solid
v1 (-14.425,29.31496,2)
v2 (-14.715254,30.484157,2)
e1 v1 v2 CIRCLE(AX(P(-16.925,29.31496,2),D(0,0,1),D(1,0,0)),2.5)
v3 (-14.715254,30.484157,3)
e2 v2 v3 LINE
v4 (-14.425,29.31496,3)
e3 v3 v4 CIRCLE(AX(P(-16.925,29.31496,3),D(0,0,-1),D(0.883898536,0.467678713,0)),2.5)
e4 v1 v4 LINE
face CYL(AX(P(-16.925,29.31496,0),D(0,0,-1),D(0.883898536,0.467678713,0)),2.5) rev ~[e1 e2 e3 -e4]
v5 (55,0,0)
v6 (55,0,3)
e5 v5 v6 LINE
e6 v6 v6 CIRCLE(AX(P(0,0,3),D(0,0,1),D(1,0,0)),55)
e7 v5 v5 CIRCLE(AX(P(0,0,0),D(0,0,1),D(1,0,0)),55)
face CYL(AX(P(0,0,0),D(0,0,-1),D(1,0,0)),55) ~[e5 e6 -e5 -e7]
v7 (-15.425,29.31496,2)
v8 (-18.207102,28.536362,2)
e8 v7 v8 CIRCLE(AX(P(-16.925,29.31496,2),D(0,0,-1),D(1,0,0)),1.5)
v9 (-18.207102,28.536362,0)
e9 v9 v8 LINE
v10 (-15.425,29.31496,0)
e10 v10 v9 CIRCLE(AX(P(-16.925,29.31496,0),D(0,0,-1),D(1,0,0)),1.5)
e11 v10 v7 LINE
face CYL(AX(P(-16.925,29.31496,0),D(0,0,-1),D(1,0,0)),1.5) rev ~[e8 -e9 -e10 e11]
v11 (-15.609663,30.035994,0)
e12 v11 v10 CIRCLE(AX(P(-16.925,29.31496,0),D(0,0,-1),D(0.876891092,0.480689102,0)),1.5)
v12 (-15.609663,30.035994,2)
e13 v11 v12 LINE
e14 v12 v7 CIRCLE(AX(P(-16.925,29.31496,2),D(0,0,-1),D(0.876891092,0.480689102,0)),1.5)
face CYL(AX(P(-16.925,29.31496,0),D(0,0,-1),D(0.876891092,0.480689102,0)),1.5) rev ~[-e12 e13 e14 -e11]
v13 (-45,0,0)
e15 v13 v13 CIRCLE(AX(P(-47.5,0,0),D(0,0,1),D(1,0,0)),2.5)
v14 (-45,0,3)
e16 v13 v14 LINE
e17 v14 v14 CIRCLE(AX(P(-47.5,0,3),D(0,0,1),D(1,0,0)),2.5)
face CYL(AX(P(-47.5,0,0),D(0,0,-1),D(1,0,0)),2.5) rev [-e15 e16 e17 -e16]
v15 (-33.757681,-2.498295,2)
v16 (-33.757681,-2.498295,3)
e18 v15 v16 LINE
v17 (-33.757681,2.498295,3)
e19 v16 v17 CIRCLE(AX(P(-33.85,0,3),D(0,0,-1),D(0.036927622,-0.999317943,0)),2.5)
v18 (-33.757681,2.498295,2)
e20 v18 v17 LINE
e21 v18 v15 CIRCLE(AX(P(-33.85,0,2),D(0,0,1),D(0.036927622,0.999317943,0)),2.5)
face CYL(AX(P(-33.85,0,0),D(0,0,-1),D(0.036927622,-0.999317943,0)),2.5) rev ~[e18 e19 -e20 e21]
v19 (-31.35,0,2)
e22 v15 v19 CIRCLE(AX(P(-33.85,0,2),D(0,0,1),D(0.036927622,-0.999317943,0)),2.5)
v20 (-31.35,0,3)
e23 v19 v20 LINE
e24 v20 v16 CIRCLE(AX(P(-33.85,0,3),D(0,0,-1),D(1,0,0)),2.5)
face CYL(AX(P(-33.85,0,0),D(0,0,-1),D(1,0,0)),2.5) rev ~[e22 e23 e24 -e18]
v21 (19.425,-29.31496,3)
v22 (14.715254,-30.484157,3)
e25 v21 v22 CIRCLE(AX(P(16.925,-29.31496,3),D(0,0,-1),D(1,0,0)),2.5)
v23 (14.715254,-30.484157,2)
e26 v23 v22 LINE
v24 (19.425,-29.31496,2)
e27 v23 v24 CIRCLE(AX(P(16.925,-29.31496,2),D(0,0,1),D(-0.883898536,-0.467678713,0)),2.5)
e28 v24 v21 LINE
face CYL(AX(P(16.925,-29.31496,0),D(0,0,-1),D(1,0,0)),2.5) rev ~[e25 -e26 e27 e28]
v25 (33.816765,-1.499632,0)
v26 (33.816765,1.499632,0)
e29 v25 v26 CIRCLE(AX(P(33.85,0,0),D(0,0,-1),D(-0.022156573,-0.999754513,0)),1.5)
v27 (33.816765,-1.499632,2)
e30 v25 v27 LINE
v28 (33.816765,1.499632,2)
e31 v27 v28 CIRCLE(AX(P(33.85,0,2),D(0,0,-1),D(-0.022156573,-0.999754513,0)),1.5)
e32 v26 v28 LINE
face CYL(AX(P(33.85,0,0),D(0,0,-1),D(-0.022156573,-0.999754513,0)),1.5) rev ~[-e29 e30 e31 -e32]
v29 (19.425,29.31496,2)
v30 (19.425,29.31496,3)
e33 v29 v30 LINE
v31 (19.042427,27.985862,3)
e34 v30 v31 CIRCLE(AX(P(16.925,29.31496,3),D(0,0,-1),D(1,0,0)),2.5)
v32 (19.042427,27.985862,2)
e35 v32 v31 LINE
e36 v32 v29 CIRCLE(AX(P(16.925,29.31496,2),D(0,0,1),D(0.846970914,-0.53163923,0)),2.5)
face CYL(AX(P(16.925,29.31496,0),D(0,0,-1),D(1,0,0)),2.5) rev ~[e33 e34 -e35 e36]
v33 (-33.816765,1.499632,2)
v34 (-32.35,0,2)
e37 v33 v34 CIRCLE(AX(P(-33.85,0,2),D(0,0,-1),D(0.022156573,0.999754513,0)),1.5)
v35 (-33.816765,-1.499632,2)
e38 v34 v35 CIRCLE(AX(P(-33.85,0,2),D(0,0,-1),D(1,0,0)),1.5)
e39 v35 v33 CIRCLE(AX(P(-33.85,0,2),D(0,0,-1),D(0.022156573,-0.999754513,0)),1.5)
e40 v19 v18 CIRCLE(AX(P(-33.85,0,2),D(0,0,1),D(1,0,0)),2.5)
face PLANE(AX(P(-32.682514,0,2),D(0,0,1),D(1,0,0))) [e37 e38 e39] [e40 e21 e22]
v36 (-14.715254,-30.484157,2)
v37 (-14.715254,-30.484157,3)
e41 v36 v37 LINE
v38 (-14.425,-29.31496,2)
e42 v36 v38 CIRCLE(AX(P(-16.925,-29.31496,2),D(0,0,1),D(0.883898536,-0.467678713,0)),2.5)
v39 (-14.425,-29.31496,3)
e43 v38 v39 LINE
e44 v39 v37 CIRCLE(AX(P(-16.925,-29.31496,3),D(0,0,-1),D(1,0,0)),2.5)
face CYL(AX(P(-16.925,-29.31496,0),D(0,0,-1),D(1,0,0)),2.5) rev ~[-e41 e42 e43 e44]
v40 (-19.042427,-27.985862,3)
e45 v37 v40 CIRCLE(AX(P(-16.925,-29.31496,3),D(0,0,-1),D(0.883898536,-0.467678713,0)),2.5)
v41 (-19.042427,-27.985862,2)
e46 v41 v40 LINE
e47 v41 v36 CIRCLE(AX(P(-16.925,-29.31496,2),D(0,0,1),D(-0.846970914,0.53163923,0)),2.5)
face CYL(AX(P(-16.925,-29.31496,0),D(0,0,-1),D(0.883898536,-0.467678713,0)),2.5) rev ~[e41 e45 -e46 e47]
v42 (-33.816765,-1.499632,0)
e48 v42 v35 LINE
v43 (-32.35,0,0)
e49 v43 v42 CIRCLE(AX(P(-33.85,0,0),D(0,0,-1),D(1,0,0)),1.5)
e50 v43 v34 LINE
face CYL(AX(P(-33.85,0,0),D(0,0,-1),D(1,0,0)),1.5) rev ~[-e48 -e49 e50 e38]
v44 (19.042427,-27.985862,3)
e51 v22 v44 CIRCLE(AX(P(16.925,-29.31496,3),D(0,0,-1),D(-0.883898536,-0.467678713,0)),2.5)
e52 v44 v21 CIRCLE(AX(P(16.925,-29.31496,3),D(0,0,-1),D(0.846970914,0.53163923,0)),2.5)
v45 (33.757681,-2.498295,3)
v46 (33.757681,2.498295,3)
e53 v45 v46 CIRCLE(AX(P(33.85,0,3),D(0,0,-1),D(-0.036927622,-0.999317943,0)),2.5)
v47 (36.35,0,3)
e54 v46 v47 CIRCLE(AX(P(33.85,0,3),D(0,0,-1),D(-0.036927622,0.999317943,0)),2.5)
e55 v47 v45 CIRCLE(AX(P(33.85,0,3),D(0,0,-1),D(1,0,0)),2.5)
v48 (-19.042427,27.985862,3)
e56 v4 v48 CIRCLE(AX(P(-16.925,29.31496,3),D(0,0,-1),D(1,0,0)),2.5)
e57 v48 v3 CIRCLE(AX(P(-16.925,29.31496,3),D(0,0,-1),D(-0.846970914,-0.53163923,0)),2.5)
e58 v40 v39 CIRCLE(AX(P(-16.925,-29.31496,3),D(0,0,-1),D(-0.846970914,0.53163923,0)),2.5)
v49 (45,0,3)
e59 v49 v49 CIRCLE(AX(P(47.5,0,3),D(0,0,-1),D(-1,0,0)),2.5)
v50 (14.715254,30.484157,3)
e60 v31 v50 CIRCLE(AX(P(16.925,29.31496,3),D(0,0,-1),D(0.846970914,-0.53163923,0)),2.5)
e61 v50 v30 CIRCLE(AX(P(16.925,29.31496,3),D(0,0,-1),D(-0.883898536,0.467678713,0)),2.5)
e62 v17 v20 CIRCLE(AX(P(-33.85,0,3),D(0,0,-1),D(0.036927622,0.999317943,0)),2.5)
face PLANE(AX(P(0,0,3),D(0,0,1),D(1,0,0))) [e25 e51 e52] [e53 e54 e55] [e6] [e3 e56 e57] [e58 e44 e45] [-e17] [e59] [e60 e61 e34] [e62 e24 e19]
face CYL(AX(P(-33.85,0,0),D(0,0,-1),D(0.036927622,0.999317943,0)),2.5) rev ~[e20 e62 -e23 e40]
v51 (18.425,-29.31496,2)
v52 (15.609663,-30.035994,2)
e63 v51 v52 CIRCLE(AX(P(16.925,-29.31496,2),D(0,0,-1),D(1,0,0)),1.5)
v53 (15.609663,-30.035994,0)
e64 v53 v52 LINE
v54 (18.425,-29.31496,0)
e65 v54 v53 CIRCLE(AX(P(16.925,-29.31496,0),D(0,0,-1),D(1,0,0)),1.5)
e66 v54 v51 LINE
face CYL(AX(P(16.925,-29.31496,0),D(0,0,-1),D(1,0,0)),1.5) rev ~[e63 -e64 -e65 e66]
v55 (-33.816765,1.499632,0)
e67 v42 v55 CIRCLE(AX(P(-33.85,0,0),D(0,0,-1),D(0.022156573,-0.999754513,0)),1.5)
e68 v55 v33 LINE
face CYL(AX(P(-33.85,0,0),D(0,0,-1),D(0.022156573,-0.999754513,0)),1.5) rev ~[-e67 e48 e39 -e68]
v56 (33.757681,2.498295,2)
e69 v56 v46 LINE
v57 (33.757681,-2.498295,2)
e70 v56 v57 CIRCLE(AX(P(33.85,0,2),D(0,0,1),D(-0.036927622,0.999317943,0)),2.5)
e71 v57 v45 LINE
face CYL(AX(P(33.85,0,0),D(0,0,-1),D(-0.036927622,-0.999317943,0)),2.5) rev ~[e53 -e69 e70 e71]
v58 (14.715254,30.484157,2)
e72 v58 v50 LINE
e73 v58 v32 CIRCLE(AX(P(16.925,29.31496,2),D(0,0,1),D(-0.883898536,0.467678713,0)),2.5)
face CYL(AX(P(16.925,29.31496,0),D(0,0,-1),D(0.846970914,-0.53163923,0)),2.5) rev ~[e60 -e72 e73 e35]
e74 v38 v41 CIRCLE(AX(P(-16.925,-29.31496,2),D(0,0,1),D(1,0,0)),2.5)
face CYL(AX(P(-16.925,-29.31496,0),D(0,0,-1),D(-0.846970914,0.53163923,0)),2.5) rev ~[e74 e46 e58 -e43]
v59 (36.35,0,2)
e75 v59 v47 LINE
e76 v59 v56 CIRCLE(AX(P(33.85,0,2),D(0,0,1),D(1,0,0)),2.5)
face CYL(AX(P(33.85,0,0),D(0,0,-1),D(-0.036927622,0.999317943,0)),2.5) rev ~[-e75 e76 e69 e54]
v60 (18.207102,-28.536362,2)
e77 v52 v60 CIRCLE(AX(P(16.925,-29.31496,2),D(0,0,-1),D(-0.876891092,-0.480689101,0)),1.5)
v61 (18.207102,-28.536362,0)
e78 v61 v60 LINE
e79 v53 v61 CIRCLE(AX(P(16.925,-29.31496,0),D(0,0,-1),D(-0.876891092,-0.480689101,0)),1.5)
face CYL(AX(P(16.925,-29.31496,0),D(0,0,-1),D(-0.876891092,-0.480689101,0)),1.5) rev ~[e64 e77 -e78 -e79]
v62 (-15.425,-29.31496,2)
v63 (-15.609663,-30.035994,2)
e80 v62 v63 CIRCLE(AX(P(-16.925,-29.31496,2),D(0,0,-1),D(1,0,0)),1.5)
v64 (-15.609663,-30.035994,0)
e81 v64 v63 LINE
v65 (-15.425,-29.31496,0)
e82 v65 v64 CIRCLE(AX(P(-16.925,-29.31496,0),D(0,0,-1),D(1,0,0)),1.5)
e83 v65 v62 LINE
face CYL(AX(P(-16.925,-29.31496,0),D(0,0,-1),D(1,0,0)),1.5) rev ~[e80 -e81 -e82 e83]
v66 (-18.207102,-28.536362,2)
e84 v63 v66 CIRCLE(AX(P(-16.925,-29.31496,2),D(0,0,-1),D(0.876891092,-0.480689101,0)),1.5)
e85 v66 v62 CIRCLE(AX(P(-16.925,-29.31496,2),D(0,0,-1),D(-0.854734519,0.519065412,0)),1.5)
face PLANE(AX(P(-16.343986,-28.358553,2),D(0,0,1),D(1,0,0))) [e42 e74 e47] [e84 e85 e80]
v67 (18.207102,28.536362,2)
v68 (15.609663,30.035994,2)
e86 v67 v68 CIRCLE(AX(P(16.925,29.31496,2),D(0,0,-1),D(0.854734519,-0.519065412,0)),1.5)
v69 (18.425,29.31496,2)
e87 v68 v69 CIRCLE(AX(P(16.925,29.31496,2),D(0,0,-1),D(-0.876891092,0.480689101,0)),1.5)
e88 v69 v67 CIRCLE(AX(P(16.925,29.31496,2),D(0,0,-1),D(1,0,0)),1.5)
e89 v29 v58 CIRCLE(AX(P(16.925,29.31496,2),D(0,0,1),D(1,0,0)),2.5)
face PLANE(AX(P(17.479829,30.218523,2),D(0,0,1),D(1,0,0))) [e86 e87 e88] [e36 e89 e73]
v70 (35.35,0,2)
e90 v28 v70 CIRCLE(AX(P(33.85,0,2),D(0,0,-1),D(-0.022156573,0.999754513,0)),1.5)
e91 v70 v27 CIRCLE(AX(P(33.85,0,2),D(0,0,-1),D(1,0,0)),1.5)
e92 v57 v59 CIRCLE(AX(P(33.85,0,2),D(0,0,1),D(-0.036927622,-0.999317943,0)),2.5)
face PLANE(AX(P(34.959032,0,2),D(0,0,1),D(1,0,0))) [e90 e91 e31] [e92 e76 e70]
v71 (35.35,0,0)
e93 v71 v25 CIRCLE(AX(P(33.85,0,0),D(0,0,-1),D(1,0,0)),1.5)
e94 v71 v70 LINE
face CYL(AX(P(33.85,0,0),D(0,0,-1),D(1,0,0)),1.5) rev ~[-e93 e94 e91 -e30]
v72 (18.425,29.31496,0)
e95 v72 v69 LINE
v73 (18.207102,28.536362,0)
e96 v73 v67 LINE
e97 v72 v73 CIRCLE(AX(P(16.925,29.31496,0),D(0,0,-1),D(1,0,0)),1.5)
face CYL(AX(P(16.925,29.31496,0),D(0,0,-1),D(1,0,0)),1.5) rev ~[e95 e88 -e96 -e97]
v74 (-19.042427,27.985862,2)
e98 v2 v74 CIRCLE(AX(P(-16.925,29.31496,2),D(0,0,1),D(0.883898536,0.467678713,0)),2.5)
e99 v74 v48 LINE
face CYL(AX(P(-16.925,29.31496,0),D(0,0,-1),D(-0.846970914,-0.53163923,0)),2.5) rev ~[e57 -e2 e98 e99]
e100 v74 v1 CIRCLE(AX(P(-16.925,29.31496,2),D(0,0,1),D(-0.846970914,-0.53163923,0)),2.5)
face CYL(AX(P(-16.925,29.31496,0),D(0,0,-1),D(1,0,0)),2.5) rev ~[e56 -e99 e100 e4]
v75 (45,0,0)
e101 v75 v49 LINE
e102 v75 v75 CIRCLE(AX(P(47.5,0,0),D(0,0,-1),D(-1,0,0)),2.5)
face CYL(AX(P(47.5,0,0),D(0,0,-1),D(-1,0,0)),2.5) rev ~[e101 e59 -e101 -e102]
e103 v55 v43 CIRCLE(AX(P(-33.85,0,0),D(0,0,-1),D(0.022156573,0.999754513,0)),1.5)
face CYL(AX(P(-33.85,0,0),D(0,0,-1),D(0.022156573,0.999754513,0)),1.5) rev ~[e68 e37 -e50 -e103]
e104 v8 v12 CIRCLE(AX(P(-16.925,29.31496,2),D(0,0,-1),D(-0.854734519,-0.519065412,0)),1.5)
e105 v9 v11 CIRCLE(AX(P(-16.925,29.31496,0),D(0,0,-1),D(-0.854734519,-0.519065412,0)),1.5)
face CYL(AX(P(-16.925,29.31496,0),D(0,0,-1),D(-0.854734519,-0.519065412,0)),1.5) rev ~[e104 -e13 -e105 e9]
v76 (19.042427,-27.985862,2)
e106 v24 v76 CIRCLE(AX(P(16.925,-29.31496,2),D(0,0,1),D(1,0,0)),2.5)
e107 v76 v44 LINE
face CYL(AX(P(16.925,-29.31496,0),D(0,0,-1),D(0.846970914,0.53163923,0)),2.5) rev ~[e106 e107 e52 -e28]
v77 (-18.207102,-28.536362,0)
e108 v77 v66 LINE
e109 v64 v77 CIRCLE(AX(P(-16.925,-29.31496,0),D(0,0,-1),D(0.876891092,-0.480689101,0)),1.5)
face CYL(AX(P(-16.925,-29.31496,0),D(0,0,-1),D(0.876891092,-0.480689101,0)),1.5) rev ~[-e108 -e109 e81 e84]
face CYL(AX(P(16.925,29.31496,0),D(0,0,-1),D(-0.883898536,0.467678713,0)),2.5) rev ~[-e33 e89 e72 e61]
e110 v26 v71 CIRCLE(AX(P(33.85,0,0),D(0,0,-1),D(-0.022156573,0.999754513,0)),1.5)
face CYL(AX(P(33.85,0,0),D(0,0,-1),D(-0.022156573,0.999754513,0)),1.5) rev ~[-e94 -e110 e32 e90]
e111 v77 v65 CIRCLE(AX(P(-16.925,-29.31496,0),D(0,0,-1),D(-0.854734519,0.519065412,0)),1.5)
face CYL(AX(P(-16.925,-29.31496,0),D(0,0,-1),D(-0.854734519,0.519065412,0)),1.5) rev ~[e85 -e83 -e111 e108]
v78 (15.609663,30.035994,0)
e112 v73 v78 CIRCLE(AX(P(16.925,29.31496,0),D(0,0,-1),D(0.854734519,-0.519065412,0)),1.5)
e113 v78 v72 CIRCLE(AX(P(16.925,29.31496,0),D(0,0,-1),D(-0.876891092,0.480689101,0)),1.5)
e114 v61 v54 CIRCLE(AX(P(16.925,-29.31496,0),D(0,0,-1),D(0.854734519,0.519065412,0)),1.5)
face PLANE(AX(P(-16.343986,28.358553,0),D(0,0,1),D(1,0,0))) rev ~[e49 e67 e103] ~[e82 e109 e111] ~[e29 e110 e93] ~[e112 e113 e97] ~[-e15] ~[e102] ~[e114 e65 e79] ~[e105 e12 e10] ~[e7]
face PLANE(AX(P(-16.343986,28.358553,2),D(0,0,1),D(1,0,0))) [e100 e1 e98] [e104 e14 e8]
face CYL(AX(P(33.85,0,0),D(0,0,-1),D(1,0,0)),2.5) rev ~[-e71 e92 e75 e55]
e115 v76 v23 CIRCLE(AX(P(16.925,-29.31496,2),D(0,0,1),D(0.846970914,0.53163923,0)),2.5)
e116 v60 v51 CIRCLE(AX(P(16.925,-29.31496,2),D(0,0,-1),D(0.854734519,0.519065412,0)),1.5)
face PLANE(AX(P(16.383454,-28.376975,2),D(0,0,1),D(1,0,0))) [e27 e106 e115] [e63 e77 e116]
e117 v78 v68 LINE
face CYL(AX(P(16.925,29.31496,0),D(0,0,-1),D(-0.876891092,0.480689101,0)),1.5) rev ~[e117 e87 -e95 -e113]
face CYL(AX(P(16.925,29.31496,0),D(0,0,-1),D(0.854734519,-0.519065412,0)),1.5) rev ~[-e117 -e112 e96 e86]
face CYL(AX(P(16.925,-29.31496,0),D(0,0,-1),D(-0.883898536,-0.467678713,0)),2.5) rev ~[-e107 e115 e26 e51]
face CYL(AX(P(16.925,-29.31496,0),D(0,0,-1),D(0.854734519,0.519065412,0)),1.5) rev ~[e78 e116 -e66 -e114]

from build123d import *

# Parameters (mm, degrees)
F0_R     = 55
F0_R_2   = 2.5
F0_R_3   = 40
F1_DEPTH = 3
F2_DEPTH = 2


with BuildPart() as f1:
    # F0 (on Top) → F1 (new body)
    with BuildSketch(Plane.XY):
        Circle(F0_R)
        with Locations((-47.5, 0)):
            Circle(F0_R_2, mode=Mode.SUBTRACT)
        Circle(F0_R_3, mode=Mode.SUBTRACT)
        with BuildLine():
            ThreePointArc((50, 0), (47.5, -2.5), (45, 0))
            ThreePointArc((45, 0), (47.5, 2.5), (50, 0))
        make_face(mode=Mode.SUBTRACT)
        Circle(F0_R_3)
        with BuildLine():
            ThreePointArc((19.0424272849, 27.9858618431), (29.3149599181, 16.925), (33.7576809453, 2.4982948569))
            ThreePointArc((33.7576809453, 2.4982948569), (35.584820216, 1.8001107795), (36.35, 0))
            ThreePointArc((36.35, 0), (35.584820216, -1.8001107795), (33.7576809453, -2.4982948569))
            ThreePointArc((33.7576809453, -2.4982948569), (29.3149599181, -16.925), (19.0424272849, -27.9858618431))
            ThreePointArc((19.0424272849, -27.9858618431), (19.3274537677, -28.6234283614), (19.425, -29.3149599181))
            ThreePointArc((19.425, -29.3149599181), (17.5273429883, -31.7413116907), (14.7152536604, -30.4841567))
            ThreePointArc((14.7152536604, -30.4841567), (0, -33.85), (-14.7152536604, -30.4841567))
            ThreePointArc((-14.7152536604, -30.4841567), (-18.175, -31.4800234276), (-19.0424272849, -27.9858618431))
            ThreePointArc((-19.0424272849, -27.9858618431), (-29.3149599181, -16.925), (-33.7576809453, -2.4982948569))
            ThreePointArc((-33.7576809453, -2.4982948569), (-36.35, 0), (-33.7576809453, 2.4982948569))
            ThreePointArc((-33.7576809453, 2.4982948569), (-29.3149599181, 16.925), (-19.0424272849, 27.9858618431))
            ThreePointArc((-19.0424272849, 27.9858618431), (-18.175, 31.4800234276), (-14.7152536604, 30.4841567))
            ThreePointArc((-14.7152536604, 30.4841567), (0, 33.85), (14.7152536604, 30.4841567))
            ThreePointArc((14.7152536604, 30.4841567), (17.5273429883, 31.7413116907), (19.425, 29.3149599181))
            ThreePointArc((19.425, 29.3149599181), (19.3274537677, 28.6234283614), (19.0424272849, 27.9858618431))
        make_face(mode=Mode.SUBTRACT)
        with BuildLine():
            ThreePointArc((33.7576809453, -2.4982948569), (31.35, 0), (33.7576809453, 2.4982948569))
            ThreePointArc((33.7576809453, 2.4982948569), (29.3149599181, 16.925), (19.0424272849, 27.9858618431))
            ThreePointArc((19.0424272849, 27.9858618431), (15.675, 27.1498964086), (14.7152536604, 30.4841567))
            ThreePointArc((14.7152536604, 30.4841567), (0, 33.85), (-14.7152536604, 30.4841567))
            ThreePointArc((-14.7152536604, 30.4841567), (-14.4986482274, 29.9173029064), (-14.425, 29.3149599181))
            ThreePointArc((-14.425, 29.3149599181), (-16.2334684433, 26.9125061504), (-19.0424272849, 27.9858618431))
            ThreePointArc((-19.0424272849, 27.9858618431), (-29.3149599181, 16.925), (-33.7576809453, 2.4982948569))
            ThreePointArc((-33.7576809453, 2.4982948569), (-32.0498892205, 1.734820216), (-31.35, 0))
            ThreePointArc((-31.35, 0), (-32.0498892205, -1.734820216), (-33.7576809453, -2.4982948569))
            ThreePointArc((-33.7576809453, -2.4982948569), (-29.3149599181, -16.925), (-19.0424272849, -27.9858618431))
            ThreePointArc((-19.0424272849, -27.9858618431), (-16.2334684433, -26.9125061504), (-14.425, -29.3149599181))
            ThreePointArc((-14.425, -29.3149599181), (-14.4986482274, -29.9173029064), (-14.7152536604, -30.4841567))
            ThreePointArc((-14.7152536604, -30.4841567), (0, -33.85), (14.7152536604, -30.4841567))
            ThreePointArc((14.7152536604, -30.4841567), (15.675, -27.1498964086), (19.0424272849, -27.9858618431))
            ThreePointArc((19.0424272849, -27.9858618431), (29.3149599181, -16.925), (33.7576809453, -2.4982948569))
        make_face()
    extrude(amount=F1_DEPTH)

    # F0 (on Top) → F2 (join)
    with BuildSketch(Plane.XY):
        with BuildLine():
            ThreePointArc((-14.425, 29.3149599181), (-14.4986482274, 29.9173029064), (-14.7152536604, 30.4841567))
            ThreePointArc((-14.7152536604, 30.4841567), (-15.1641142387, 30.2633795098), (-15.6096633615, 30.0359935701))
            ThreePointArc((-15.6096633615, 30.0359935701), (-15.4718990128, 29.6871124689), (-15.425, 29.3149599181))
            ThreePointArc((-15.425, 29.3149599181), (-16.5207430695, 27.8704612735), (-18.2071017789, 28.5363618006))
            ThreePointArc((-18.2071017789, 28.5363618006), (-18.6267983405, 28.2641979115), (-19.0424272849, 27.9858618431))
            ThreePointArc((-19.0424272849, 27.9858618431), (-16.2334684433, 26.9125061504), (-14.425, 29.3149599181))
        make_face()
        with BuildLine():
            ThreePointArc((-15.6096633615, 30.0359935701), (-15.1641142387, 30.2633795098), (-14.7152536604, 30.4841567))
            ThreePointArc((-14.7152536604, 30.4841567), (-18.175, 31.4800234276), (-19.0424272849, 27.9858618431))
            ThreePointArc((-19.0424272849, 27.9858618431), (-18.6267983405, 28.2641979115), (-18.2071017789, 28.5363618006))
            ThreePointArc((-18.2071017789, 28.5363618006), (-17.675, 30.6139980238), (-15.6096633615, 30.0359935701))
        make_face()
        with BuildLine():
            ThreePointArc((-31.35, 0), (-32.0498892205, 1.734820216), (-33.7576809453, 2.4982948569))
            ThreePointArc((-33.7576809453, 2.4982948569), (-33.7909125792, 1.9991815983), (-33.8167651403, 1.4996317695))
            ThreePointArc((-33.8167651403, 1.4996317695), (-32.7776539063, 1.0488440567), (-32.35, 0))
            ThreePointArc((-32.35, 0), (-32.7776539063, -1.0488440567), (-33.8167651403, -1.4996317695))
            ThreePointArc((-33.8167651403, -1.4996317695), (-33.7909125792, -1.9991815983), (-33.7576809453, -2.4982948569))
            ThreePointArc((-33.7576809453, -2.4982948569), (-32.0498892205, -1.734820216), (-31.35, 0))
        make_face()
        with BuildLine():
            ThreePointArc((-33.8167651403, 1.4996317695), (-33.7909125792, 1.9991815983), (-33.7576809453, 2.4982948569))
            ThreePointArc((-33.7576809453, 2.4982948569), (-36.35, 0), (-33.7576809453, -2.4982948569))
            ThreePointArc((-33.7576809453, -2.4982948569), (-33.7909125792, -1.9991815983), (-33.8167651403, -1.4996317695))
            ThreePointArc((-33.8167651403, -1.4996317695), (-35.35, 0), (-33.8167651403, 1.4996317695))
        make_face()
        with BuildLine():
            ThreePointArc((-15.6096633615, -30.0359935701), (-15.1641142387, -30.2633795098), (-14.7152536604, -30.4841567))
            ThreePointArc((-14.7152536604, -30.4841567), (-14.4986482274, -29.9173029064), (-14.425, -29.3149599181))
            ThreePointArc((-14.425, -29.3149599181), (-16.2334684433, -26.9125061504), (-19.0424272849, -27.9858618431))
            ThreePointArc((-19.0424272849, -27.9858618431), (-18.6267983405, -28.2641979115), (-18.2071017789, -28.5363618006))
            ThreePointArc((-18.2071017789, -28.5363618006), (-16.5207430695, -27.8704612735), (-15.425, -29.3149599181))
            ThreePointArc((-15.425, -29.3149599181), (-15.4718990128, -29.6871124689), (-15.6096633615, -30.0359935701))
        make_face()
        with BuildLine():
            ThreePointArc((-19.0424272849, -27.9858618431), (-18.175, -31.4800234276), (-14.7152536604, -30.4841567))
            ThreePointArc((-14.7152536604, -30.4841567), (-15.1641142387, -30.2633795098), (-15.6096633615, -30.0359935701))
            ThreePointArc((-15.6096633615, -30.0359935701), (-17.675, -30.6139980238), (-18.2071017789, -28.5363618006))
            ThreePointArc((-18.2071017789, -28.5363618006), (-18.6267983405, -28.2641979115), (-19.0424272849, -27.9858618431))
        make_face()
        with BuildLine():
            ThreePointArc((18.2071017789, -28.5363618006), (18.6267983405, -28.2641979115), (19.0424272849, -27.9858618431))
            ThreePointArc((19.0424272849, -27.9858618431), (15.675, -27.1498964086), (14.7152536604, -30.4841567))
            ThreePointArc((14.7152536604, -30.4841567), (15.1641142387, -30.2633795098), (15.6096633615, -30.0359935701))
            ThreePointArc((15.6096633615, -30.0359935701), (16.175, -28.0159218124), (18.2071017789, -28.5363618006))
        make_face()
        with BuildLine():
            ThreePointArc((19.425, -29.3149599181), (19.3274537677, -28.6234283614), (19.0424272849, -27.9858618431))
            ThreePointArc((19.0424272849, -27.9858618431), (18.6267983405, -28.2641979115), (18.2071017789, -28.5363618006))
            ThreePointArc((18.2071017789, -28.5363618006), (18.3694986446, -28.9107029876), (18.425, -29.3149599181))
            ThreePointArc((18.425, -29.3149599181), (17.2971525508, -30.7680609053), (15.6096633615, -30.0359935701))
            ThreePointArc((15.6096633615, -30.0359935701), (15.1641142387, -30.2633795098), (14.7152536604, -30.4841567))
            ThreePointArc((14.7152536604, -30.4841567), (17.5273429883, -31.7413116907), (19.425, -29.3149599181))
        make_face()
        with BuildLine():
            ThreePointArc((33.7576809453, 2.4982948569), (33.7909125792, 1.9991815983), (33.8167651403, 1.4996317695))
            ThreePointArc((33.8167651403, 1.4996317695), (34.8988440567, 1.0723460937), (35.35, 0))
            ThreePointArc((35.35, 0), (34.8988440567, -1.0723460937), (33.8167651403, -1.4996317695))
            ThreePointArc((33.8167651403, -1.4996317695), (33.7909125792, -1.9991815983), (33.7576809453, -2.4982948569))
            ThreePointArc((33.7576809453, -2.4982948569), (35.584820216, -1.8001107795), (36.35, 0))
            ThreePointArc((36.35, 0), (35.584820216, 1.8001107795), (33.7576809453, 2.4982948569))
        make_face()
        with BuildLine():
            ThreePointArc((33.8167651403, -1.4996317695), (32.35, 0), (33.8167651403, 1.4996317695))
            ThreePointArc((33.8167651403, 1.4996317695), (33.7909125792, 1.9991815983), (33.7576809453, 2.4982948569))
            ThreePointArc((33.7576809453, 2.4982948569), (31.35, 0), (33.7576809453, -2.4982948569))
            ThreePointArc((33.7576809453, -2.4982948569), (33.7909125792, -1.9991815983), (33.8167651403, -1.4996317695))
        make_face()
        with BuildLine():
            ThreePointArc((18.2071017789, 28.5363618006), (18.6267983405, 28.2641979115), (19.0424272849, 27.9858618431))
            ThreePointArc((19.0424272849, 27.9858618431), (19.3274537677, 28.6234283614), (19.425, 29.3149599181))
            ThreePointArc((19.425, 29.3149599181), (17.5273429883, 31.7413116907), (14.7152536604, 30.4841567))
            ThreePointArc((14.7152536604, 30.4841567), (15.1641142387, 30.2633795098), (15.6096633615, 30.0359935701))
            ThreePointArc((15.6096633615, 30.0359935701), (17.2971525508, 30.7680609053), (18.425, 29.3149599181))
            ThreePointArc((18.425, 29.3149599181), (18.3694986446, 28.9107029876), (18.2071017789, 28.5363618006))
        make_face()
        with BuildLine():
            ThreePointArc((14.7152536604, 30.4841567), (15.675, 27.1498964086), (19.0424272849, 27.9858618431))
            ThreePointArc((19.0424272849, 27.9858618431), (18.6267983405, 28.2641979115), (18.2071017789, 28.5363618006))
            ThreePointArc((18.2071017789, 28.5363618006), (16.175, 28.0159218124), (15.6096633615, 30.0359935701))
            ThreePointArc((15.6096633615, 30.0359935701), (15.1641142387, 30.2633795098), (14.7152536604, 30.4841567))
        make_face()
    extrude(amount=F2_DEPTH)


solid = f1.part
